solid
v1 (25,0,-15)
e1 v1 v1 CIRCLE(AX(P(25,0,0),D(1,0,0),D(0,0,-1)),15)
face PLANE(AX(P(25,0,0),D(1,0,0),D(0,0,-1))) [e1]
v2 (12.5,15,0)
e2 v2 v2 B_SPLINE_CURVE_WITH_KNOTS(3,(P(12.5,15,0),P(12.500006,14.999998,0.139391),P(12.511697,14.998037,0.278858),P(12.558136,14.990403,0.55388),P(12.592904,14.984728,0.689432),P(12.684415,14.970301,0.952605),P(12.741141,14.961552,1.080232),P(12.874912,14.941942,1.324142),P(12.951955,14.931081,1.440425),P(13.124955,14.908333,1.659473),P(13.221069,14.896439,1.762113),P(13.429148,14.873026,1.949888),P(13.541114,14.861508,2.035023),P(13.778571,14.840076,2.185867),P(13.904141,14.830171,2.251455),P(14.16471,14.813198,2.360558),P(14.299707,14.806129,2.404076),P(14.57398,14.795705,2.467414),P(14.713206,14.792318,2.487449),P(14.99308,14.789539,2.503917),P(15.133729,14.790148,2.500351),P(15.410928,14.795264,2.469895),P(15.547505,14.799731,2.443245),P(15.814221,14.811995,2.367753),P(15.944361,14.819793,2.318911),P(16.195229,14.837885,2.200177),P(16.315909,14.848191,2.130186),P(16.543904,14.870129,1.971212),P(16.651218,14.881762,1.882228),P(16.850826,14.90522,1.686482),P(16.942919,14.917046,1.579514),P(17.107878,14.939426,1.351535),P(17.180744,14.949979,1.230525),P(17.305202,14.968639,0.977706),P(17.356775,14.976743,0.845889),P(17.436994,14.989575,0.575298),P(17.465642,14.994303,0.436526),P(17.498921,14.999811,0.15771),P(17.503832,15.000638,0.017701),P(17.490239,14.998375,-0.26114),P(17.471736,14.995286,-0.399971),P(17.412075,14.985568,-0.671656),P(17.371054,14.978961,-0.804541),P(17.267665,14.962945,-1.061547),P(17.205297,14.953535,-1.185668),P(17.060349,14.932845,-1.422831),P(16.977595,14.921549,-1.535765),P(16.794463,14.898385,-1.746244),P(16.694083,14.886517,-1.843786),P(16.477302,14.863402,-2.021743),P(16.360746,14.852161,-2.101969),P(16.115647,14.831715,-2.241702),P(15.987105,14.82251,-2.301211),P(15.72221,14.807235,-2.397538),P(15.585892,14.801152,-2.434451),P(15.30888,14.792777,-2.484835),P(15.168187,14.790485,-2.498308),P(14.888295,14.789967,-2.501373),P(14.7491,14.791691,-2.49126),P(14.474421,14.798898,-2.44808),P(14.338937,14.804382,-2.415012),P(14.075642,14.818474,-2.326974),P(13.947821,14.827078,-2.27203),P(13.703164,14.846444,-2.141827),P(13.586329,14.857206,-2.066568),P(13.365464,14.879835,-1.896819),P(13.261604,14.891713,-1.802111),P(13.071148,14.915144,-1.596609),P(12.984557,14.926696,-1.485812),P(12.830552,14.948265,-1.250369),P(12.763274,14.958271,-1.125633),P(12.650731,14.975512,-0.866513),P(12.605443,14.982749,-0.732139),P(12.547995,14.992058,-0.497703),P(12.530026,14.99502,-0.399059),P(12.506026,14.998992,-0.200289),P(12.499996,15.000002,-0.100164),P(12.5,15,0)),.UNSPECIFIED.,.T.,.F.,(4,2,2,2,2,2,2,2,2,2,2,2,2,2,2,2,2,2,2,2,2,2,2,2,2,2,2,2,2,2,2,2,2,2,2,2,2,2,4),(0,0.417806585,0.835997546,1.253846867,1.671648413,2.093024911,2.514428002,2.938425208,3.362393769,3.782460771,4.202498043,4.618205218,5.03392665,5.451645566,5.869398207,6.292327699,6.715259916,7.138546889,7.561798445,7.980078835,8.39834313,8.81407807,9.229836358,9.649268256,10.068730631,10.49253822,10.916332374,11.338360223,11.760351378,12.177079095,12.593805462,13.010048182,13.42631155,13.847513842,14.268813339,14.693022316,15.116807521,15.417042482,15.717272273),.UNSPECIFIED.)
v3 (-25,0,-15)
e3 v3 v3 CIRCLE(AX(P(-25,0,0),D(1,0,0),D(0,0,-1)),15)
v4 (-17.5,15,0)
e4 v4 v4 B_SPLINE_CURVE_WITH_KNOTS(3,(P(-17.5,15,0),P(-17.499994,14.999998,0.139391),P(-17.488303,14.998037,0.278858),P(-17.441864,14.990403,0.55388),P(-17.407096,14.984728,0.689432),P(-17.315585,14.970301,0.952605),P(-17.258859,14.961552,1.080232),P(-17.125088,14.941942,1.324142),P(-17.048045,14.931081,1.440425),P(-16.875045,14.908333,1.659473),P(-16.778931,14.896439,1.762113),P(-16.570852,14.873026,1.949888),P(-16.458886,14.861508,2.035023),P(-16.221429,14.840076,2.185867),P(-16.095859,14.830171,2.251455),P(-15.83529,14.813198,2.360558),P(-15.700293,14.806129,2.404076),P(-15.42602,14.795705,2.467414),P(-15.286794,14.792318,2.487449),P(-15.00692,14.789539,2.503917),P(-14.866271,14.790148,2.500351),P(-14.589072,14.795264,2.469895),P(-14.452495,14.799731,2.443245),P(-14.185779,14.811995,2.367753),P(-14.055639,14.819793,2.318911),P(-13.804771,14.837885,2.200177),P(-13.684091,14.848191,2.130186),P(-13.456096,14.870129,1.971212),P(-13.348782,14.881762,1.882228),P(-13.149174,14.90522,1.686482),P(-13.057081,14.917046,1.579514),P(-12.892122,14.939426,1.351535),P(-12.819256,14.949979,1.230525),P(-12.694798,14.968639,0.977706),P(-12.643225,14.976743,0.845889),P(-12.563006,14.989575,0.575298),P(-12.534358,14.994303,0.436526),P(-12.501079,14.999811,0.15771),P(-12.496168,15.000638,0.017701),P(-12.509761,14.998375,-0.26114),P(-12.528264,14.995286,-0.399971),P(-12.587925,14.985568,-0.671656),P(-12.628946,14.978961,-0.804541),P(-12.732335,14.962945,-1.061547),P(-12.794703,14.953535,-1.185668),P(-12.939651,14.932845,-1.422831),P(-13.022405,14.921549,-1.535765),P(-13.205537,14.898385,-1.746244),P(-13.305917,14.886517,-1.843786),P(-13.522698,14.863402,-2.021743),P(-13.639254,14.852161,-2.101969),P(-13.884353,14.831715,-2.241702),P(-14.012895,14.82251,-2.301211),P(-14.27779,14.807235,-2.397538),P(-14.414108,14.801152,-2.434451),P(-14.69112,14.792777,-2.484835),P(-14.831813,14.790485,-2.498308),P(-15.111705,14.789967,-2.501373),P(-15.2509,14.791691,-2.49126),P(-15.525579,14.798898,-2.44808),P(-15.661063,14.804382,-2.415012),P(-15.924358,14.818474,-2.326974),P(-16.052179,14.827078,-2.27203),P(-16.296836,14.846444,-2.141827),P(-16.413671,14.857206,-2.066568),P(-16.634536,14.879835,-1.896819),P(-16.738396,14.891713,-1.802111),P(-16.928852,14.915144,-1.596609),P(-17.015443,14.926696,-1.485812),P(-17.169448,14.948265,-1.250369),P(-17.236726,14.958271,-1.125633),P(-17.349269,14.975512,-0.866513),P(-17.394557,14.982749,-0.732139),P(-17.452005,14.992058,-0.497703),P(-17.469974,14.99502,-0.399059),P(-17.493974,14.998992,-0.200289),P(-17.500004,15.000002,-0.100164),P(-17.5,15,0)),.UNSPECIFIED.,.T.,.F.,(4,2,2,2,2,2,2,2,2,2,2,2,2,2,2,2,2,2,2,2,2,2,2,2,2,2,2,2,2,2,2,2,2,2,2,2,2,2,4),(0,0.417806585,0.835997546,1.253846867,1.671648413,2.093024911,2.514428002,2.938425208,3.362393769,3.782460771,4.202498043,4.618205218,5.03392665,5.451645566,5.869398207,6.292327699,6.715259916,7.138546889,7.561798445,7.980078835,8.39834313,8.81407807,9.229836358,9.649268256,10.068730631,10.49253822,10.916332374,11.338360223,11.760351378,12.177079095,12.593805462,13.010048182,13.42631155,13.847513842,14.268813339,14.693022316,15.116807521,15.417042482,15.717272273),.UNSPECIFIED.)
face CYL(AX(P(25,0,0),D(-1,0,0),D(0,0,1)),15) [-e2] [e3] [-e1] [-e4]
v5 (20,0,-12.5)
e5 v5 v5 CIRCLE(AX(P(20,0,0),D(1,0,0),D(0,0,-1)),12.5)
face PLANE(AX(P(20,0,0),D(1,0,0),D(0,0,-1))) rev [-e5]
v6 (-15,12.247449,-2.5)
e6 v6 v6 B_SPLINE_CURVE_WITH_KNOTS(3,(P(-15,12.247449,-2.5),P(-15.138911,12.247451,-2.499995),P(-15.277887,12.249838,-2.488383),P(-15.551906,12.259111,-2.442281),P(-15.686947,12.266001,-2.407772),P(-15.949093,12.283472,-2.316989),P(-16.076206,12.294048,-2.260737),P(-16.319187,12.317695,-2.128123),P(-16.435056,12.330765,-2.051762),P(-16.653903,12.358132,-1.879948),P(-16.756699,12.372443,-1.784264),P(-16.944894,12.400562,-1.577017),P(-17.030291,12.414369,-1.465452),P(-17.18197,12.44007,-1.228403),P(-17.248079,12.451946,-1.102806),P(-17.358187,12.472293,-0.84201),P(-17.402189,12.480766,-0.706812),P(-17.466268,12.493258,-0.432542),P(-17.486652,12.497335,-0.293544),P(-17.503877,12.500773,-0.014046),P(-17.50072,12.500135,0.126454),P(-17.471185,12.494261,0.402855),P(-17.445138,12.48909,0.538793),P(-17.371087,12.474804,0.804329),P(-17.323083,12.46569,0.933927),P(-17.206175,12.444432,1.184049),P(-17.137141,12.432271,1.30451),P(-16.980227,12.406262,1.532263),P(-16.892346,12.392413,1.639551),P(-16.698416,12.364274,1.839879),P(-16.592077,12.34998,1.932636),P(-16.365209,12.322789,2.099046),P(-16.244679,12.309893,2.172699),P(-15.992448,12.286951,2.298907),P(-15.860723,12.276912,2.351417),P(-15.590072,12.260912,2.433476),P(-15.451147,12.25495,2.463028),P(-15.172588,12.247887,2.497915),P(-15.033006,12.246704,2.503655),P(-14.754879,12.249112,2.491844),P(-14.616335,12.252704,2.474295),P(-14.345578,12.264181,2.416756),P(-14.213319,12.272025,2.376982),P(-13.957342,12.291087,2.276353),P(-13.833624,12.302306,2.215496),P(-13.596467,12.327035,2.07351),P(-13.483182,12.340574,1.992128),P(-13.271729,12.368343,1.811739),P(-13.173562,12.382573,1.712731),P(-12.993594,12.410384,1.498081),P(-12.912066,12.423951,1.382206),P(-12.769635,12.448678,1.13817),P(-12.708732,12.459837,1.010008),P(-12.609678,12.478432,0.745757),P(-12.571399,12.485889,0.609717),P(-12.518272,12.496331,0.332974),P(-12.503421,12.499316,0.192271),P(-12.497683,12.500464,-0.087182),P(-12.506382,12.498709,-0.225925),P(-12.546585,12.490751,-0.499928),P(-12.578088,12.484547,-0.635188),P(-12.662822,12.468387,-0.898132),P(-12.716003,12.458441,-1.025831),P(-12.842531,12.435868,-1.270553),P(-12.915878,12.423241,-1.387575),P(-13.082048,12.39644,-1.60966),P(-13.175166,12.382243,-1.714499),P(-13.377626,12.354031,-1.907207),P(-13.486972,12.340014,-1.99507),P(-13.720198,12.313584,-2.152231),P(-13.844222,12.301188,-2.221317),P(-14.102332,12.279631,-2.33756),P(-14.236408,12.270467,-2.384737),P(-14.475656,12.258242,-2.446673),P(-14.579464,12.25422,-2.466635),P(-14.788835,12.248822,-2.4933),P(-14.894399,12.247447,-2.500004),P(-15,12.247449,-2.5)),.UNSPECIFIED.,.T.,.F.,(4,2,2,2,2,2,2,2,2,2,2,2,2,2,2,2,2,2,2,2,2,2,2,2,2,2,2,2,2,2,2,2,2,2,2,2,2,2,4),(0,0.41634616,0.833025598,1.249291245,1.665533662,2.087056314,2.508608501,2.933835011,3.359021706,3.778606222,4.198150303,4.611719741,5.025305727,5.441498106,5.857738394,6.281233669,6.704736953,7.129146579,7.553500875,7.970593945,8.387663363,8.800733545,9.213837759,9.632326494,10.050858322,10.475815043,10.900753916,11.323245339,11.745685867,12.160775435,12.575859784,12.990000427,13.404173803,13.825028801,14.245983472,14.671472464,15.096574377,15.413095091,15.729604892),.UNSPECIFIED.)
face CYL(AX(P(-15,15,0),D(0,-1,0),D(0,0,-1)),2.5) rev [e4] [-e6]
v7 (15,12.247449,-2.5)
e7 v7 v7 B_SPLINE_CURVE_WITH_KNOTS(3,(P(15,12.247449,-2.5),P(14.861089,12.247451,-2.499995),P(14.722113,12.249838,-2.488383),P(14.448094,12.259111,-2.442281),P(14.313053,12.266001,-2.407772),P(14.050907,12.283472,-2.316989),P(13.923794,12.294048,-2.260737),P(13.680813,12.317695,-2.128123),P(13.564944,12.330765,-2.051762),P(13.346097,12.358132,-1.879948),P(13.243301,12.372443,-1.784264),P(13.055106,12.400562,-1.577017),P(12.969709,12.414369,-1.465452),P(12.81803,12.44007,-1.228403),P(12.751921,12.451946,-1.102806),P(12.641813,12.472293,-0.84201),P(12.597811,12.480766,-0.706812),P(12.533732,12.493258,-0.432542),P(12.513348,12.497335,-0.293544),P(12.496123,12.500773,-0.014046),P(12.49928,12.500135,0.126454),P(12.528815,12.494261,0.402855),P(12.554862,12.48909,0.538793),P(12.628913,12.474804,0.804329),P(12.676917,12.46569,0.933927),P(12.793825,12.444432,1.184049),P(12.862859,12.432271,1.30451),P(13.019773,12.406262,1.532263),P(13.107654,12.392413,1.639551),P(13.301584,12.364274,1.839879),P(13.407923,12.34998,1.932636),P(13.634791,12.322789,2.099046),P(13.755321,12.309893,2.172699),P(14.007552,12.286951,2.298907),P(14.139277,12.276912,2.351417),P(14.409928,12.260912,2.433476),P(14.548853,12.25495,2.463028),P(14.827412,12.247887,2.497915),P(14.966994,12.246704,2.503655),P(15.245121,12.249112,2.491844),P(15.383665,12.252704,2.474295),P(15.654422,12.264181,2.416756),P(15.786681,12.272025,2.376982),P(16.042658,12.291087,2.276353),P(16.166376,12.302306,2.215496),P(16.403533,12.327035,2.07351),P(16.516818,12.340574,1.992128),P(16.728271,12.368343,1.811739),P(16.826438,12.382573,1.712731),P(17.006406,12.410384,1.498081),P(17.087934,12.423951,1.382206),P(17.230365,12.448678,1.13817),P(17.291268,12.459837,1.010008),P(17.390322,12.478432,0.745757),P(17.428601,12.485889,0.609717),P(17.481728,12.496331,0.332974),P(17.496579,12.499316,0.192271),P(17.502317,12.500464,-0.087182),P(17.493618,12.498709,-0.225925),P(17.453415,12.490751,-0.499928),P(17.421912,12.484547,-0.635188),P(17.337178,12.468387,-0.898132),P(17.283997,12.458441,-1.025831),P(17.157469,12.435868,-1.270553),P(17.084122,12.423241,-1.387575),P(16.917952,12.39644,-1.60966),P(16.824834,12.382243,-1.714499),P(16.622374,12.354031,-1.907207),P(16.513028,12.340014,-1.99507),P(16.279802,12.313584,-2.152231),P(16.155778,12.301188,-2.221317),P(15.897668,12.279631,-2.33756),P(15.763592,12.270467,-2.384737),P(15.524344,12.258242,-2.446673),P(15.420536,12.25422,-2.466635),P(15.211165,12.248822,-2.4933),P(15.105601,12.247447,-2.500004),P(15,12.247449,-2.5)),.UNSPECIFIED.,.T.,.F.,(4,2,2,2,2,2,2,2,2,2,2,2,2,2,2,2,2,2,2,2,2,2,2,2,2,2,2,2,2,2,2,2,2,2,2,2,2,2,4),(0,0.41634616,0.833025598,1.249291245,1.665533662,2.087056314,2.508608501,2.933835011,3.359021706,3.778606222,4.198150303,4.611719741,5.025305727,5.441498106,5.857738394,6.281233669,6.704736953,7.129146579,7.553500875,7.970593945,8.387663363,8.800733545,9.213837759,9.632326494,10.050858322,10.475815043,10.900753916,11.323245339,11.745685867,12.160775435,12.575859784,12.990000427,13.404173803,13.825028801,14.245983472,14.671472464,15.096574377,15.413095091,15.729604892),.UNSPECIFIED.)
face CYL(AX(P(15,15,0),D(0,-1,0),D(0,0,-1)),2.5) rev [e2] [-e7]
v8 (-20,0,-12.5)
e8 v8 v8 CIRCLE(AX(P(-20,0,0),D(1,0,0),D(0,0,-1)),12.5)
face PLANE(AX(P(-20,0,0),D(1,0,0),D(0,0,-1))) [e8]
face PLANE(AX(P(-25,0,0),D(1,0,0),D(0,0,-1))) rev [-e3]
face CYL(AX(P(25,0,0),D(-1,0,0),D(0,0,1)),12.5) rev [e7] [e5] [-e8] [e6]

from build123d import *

# Parameters (mm, degrees)
SKETCH1_R           = 15
SKETCH1_R_2         = 12.5
BOSS_EXTRUDE1_DEPTH = 25
BOSS_EXTRUDE2_START = 20
SKETCH1_2_R         = 12.5
BOSS_EXTRUDE2_DEPTH = 5
BOSS_EXTRUDE3_START = -25
SKETCH1_3_R         = 12.5
BOSS_EXTRUDE3_DEPTH = 5
SKETCH2_R           = 2.5
CUT_EXTRUDE1_DEPTH  = 33.787192622


with BuildPart() as part:
    # Sketch1 → Boss-Extrude1 (new, symmetric)
    with BuildSketch(Plane(origin=(0, 0, 0), x_dir=(0, 0, -1), z_dir=(1, 0, 0))):
        Circle(SKETCH1_R)
        Circle(SKETCH1_R_2, mode=Mode.SUBTRACT)
    extrude(amount=BOSS_EXTRUDE1_DEPTH, both=True)

    # Sketch1<2> → Boss-Extrude2 (add)
    with BuildSketch(Plane(origin=(0, 0, 0), x_dir=(0, 0, -1), z_dir=(1, 0, 0)).offset(BOSS_EXTRUDE2_START)):
        Circle(SKETCH1_2_R)
    extrude(amount=BOSS_EXTRUDE2_DEPTH)

    # Sketch1<3> → Boss-Extrude3 (add)
    with BuildSketch(Plane(origin=(0, 0, 0), x_dir=(0, 0, -1), z_dir=(1, 0, 0)).offset(BOSS_EXTRUDE3_START)):
        Circle(SKETCH1_3_R)
    extrude(amount=BOSS_EXTRUDE3_DEPTH)

    # Sketch2 → Cut-Extrude1 (cut, through all)
    with BuildSketch(Plane(origin=(0, 0, 0), x_dir=(1, 0, 0), z_dir=(0, 1, 0))):
        with Locations((-15, 0)):
            Circle(SKETCH2_R)
        with Locations((15, 0)):
            Circle(SKETCH2_R)
    extrude(amount=CUT_EXTRUDE1_DEPTH, mode=Mode.SUBTRACT)


solid = part.part
